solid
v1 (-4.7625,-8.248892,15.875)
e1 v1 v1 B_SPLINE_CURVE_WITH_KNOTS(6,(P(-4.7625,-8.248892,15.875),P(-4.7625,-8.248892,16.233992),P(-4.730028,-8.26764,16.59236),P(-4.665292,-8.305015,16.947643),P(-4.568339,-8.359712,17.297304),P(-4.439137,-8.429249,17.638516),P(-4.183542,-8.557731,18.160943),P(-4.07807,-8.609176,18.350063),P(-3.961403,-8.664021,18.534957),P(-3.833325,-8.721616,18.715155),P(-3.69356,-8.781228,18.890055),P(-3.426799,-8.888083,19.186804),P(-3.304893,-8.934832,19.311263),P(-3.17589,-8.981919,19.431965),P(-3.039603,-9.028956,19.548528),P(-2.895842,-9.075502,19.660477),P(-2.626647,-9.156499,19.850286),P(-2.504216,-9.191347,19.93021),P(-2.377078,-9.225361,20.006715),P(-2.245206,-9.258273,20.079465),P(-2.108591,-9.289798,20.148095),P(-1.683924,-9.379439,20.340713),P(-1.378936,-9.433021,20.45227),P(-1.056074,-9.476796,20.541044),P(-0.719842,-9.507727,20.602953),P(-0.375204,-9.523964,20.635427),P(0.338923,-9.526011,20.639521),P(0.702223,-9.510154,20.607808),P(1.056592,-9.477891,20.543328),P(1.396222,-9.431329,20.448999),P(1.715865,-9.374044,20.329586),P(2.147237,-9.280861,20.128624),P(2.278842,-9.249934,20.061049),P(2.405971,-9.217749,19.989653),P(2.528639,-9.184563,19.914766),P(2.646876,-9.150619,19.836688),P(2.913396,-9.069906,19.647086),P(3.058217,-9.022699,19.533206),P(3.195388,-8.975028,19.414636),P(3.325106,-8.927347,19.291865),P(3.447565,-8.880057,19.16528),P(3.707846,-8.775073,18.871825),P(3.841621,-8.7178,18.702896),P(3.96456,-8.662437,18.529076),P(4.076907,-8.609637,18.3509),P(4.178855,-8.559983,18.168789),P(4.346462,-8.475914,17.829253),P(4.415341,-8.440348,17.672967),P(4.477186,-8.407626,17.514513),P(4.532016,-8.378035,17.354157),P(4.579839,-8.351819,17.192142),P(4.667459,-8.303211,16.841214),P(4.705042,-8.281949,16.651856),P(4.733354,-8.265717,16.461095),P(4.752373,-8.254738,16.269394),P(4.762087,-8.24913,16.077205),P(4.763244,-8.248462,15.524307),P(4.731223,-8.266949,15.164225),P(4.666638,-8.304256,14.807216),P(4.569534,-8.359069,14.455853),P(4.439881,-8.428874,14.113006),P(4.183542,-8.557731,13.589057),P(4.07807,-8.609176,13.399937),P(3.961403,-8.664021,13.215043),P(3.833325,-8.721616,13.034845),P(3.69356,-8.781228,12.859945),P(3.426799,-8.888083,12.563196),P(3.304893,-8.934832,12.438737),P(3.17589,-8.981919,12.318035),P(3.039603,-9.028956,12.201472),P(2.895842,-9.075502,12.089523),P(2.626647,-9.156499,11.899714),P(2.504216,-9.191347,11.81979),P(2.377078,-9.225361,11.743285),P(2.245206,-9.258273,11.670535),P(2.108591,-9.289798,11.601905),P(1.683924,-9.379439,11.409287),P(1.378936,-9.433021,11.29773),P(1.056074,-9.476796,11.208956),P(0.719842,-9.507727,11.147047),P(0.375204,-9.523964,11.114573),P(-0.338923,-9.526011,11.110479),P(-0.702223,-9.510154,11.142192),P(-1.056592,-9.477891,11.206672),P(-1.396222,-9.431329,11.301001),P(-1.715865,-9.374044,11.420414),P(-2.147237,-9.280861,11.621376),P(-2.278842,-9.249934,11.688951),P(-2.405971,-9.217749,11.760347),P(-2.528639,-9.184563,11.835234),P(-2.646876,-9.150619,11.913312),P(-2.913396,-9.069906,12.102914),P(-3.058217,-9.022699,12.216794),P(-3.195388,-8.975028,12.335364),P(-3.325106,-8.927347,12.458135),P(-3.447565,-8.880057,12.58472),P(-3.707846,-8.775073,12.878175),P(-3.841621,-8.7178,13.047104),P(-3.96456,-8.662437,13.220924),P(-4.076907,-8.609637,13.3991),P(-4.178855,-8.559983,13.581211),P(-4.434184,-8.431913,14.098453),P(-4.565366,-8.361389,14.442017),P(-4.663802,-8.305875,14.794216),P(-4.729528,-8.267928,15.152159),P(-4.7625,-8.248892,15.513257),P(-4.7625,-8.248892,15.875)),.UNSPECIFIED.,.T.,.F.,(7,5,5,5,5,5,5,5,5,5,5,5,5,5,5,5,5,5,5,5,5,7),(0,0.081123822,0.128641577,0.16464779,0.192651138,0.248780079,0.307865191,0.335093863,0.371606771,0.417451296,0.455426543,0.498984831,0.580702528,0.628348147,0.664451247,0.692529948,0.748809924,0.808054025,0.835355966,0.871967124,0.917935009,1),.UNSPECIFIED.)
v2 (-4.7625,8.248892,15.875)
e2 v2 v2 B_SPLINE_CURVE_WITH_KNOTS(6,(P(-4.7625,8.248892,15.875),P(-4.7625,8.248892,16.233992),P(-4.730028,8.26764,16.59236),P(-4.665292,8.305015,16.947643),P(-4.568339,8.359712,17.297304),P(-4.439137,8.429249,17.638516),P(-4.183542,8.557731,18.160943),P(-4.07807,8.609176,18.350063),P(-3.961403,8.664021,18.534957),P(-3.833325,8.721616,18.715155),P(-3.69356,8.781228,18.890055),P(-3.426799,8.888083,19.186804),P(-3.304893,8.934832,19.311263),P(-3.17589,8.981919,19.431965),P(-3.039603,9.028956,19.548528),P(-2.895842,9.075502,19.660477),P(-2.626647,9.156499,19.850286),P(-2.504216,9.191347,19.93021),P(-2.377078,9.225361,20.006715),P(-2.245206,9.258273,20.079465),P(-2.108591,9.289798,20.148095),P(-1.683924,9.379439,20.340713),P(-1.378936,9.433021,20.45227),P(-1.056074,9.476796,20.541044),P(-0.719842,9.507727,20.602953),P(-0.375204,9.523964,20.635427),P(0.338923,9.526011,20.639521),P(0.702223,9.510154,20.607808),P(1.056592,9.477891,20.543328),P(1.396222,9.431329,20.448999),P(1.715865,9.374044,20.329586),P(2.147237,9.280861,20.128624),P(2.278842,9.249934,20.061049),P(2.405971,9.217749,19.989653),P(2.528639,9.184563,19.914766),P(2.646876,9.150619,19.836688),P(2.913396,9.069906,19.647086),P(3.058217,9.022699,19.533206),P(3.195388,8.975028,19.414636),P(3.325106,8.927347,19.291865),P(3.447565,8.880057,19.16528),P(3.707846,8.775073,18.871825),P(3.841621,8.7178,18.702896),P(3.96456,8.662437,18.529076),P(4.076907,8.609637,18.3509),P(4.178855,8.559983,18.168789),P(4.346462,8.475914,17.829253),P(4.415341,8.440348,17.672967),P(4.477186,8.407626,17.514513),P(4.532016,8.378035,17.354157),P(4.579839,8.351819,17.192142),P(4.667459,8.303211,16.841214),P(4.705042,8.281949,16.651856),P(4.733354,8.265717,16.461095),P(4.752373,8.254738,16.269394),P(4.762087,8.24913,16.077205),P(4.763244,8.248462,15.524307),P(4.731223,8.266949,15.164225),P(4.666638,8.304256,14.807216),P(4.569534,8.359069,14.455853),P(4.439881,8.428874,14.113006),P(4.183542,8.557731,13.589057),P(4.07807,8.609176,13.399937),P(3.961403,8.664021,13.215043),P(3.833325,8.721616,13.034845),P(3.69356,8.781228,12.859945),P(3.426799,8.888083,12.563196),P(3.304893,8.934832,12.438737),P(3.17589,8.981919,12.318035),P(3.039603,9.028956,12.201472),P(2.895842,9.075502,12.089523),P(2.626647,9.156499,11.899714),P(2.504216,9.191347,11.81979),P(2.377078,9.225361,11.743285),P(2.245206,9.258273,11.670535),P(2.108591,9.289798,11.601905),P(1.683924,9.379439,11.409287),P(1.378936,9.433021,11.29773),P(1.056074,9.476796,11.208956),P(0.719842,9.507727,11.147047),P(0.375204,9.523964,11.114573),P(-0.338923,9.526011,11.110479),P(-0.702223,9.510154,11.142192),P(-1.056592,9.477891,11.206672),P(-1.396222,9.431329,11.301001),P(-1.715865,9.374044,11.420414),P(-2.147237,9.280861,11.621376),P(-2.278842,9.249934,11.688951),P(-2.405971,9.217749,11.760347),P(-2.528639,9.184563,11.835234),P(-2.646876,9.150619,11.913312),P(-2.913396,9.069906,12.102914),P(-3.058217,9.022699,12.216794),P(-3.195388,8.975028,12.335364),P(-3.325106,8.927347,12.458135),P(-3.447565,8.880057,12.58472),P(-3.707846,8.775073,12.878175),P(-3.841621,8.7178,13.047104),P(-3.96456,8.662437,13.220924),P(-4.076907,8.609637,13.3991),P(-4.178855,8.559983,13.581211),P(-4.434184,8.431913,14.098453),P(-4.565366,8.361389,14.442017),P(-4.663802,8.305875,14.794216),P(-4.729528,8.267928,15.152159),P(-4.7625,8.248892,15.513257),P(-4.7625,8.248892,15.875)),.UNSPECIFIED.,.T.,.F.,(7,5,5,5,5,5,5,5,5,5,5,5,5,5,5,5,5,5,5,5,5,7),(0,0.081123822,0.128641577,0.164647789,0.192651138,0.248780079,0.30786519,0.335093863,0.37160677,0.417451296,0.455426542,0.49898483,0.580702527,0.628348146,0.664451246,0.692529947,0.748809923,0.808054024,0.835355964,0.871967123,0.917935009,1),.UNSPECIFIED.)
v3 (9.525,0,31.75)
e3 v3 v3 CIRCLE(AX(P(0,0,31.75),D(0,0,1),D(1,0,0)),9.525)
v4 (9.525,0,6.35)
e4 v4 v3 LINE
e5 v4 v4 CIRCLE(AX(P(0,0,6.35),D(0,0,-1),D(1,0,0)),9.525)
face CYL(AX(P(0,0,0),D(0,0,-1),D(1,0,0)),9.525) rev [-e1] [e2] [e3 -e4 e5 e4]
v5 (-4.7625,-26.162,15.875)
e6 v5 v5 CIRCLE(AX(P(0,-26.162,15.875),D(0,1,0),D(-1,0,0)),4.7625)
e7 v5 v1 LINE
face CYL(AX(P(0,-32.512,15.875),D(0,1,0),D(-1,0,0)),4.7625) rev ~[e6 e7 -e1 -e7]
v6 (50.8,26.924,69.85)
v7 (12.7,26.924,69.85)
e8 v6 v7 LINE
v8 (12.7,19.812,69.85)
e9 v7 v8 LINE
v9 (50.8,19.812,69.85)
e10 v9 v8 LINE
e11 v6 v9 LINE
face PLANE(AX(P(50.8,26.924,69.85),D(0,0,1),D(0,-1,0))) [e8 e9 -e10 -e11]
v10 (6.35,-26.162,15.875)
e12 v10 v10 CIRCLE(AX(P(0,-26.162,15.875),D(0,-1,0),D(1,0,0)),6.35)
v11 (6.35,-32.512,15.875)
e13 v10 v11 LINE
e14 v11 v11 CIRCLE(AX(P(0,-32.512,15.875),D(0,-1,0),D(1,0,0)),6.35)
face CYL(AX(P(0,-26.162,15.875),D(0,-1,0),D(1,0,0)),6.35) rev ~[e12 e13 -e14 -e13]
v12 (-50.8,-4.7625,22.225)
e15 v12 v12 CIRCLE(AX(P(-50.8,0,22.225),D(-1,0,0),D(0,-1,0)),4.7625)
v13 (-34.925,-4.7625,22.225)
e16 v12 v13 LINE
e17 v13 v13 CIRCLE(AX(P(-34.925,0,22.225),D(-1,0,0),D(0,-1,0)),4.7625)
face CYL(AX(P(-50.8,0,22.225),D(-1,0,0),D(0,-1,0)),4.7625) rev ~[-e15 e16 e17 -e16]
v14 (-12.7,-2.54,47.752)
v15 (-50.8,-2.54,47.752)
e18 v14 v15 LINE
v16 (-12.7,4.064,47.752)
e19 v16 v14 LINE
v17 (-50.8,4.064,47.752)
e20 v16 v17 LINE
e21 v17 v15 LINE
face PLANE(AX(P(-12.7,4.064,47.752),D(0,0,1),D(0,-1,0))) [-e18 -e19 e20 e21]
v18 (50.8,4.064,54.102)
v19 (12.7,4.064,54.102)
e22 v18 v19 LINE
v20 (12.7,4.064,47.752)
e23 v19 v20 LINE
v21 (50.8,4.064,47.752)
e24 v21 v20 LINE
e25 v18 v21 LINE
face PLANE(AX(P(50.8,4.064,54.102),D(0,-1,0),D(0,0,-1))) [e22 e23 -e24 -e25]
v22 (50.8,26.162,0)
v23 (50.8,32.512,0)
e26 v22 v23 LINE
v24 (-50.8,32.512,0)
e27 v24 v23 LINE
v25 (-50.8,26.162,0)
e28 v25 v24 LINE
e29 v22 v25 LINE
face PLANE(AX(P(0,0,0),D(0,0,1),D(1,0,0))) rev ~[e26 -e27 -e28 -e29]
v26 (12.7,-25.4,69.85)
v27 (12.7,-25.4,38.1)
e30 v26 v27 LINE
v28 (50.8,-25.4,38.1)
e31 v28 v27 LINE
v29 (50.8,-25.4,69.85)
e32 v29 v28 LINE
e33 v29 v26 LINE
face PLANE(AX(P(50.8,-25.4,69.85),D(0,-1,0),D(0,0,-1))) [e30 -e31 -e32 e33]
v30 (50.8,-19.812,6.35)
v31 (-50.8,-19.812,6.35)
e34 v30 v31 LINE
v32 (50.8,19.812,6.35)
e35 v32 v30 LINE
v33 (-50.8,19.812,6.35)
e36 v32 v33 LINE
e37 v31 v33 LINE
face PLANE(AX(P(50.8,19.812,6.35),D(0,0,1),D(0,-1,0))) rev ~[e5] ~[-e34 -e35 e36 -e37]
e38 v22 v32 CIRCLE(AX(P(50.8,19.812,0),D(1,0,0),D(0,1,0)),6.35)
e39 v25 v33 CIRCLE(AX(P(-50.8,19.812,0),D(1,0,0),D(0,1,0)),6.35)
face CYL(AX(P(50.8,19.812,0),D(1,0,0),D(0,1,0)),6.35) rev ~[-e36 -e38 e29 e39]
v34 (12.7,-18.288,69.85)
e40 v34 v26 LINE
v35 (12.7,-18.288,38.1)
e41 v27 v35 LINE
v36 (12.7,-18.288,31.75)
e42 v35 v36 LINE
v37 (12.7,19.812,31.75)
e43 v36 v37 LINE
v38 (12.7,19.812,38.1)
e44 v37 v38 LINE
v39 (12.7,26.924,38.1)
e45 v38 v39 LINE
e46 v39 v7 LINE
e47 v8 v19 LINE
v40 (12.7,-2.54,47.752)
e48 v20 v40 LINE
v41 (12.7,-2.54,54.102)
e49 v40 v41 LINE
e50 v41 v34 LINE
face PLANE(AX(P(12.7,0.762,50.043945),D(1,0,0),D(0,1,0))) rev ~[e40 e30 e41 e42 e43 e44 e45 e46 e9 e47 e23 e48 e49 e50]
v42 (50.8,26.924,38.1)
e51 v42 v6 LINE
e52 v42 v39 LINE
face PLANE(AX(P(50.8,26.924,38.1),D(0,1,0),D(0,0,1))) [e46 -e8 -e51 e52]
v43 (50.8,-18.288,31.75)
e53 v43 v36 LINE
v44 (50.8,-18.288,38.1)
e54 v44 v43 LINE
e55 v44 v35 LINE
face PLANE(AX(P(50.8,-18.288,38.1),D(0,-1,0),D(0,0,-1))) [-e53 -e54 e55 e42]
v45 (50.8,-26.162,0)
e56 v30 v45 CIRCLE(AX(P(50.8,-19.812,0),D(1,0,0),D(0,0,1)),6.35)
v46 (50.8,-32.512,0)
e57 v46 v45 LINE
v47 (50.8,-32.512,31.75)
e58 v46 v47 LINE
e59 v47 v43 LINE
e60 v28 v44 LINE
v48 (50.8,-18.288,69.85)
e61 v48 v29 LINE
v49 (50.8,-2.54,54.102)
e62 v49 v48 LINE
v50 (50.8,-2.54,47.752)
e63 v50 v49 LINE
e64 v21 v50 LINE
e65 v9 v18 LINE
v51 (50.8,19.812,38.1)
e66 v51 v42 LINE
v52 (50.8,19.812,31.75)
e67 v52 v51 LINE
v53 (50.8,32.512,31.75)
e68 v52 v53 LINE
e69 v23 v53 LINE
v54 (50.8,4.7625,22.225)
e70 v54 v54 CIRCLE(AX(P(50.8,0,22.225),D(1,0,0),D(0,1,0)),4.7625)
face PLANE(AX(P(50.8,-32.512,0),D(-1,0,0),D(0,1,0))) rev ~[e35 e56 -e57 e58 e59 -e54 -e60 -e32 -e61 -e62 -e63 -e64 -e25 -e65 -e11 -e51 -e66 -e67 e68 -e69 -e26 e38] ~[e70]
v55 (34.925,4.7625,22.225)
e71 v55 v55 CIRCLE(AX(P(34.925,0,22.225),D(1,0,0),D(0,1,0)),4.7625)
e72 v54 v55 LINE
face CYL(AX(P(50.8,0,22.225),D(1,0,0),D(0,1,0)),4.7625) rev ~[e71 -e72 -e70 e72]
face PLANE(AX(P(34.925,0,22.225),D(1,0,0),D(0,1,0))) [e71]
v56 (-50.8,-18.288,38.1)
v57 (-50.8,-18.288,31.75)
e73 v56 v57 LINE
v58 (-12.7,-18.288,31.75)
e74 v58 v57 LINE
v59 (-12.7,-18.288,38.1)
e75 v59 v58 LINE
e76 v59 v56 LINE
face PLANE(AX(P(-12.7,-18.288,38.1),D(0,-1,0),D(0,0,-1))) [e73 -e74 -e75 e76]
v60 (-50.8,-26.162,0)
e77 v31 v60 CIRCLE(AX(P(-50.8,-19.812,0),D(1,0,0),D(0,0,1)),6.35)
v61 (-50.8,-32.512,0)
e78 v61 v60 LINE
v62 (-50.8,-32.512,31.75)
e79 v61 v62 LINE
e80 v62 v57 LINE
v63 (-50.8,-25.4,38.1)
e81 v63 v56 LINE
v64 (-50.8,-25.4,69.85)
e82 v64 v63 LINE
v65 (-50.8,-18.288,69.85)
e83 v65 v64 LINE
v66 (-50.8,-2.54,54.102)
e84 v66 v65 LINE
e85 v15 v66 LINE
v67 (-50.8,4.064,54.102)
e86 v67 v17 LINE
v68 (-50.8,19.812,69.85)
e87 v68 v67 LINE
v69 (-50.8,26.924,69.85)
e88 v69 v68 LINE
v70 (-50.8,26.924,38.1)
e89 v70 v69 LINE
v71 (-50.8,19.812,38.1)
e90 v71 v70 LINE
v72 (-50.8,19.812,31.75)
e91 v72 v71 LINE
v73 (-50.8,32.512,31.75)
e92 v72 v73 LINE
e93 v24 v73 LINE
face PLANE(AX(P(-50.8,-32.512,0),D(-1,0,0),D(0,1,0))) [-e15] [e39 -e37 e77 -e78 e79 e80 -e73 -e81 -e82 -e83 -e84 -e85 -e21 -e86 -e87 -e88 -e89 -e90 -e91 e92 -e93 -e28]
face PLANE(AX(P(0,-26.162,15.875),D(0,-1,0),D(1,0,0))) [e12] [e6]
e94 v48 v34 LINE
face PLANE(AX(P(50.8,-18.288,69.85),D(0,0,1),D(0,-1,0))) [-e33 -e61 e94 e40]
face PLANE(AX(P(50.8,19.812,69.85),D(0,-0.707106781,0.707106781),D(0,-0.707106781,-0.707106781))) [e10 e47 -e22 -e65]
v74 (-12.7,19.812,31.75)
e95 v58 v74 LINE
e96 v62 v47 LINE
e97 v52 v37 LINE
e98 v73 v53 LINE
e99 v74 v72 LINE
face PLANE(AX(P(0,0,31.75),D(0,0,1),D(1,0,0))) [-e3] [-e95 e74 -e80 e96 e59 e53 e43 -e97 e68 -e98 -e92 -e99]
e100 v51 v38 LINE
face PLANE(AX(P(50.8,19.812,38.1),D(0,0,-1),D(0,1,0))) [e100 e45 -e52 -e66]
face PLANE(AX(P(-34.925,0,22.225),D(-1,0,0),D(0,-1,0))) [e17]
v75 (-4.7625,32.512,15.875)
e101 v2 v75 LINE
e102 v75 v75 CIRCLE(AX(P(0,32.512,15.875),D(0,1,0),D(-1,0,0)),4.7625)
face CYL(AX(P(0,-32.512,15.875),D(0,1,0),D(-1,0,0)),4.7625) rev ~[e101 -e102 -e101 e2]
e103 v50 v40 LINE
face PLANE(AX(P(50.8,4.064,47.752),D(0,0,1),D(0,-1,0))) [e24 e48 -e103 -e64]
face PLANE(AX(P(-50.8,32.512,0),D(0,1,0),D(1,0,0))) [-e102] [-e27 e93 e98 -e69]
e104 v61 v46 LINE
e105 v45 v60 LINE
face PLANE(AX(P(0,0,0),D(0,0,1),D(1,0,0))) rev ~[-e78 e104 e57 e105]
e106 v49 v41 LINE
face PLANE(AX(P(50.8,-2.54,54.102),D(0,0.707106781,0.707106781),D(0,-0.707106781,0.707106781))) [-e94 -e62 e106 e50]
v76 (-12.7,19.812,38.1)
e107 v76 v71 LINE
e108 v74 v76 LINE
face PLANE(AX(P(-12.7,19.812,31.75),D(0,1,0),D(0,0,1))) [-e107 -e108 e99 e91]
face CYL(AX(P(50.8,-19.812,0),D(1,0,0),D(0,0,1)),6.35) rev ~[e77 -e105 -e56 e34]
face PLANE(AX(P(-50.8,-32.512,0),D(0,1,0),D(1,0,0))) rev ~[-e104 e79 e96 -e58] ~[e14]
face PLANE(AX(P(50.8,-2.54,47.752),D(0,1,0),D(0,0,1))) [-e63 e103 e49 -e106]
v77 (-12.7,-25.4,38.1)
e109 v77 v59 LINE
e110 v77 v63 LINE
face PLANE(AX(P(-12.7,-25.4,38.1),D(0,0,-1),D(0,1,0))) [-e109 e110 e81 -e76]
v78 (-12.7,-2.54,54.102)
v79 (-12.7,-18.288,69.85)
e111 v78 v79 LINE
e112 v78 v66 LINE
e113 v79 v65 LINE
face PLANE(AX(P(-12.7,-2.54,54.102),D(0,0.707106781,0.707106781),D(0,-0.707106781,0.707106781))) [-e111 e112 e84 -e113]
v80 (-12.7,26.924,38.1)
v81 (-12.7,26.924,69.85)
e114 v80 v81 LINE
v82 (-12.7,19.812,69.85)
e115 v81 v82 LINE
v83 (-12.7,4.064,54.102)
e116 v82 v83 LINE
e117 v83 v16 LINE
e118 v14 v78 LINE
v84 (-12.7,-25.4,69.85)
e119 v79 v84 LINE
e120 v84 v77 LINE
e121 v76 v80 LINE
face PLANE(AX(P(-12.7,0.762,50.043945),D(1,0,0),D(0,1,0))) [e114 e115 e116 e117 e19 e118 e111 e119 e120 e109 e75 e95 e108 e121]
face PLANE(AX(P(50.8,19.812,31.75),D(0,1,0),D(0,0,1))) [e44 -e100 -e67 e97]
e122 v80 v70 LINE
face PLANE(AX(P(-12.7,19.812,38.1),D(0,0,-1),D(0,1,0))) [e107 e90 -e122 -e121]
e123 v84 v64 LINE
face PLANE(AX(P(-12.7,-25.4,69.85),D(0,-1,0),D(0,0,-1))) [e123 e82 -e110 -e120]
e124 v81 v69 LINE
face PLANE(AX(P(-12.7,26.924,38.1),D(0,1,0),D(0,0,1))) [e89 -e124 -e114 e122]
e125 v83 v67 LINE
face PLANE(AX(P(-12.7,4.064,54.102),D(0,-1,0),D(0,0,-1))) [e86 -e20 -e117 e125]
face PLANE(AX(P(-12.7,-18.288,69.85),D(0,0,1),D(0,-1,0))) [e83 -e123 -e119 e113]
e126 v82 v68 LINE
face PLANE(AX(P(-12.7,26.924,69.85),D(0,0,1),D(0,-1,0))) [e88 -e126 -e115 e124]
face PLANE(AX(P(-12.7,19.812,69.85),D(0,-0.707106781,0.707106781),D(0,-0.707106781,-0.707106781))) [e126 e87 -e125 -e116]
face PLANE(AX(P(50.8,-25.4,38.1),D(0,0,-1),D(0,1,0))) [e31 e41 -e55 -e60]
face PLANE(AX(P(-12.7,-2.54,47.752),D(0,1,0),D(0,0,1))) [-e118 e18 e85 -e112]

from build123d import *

# Parameters (mm, degrees)
F0_W            = 101.6
F0_H            = 65.024
F0_R            = 9.525
F1_DEPTH        = 31.75
F3_DEPTH        = 101.601
F5_START        = -63.5
F5_DEPTH        = 38.1
F6_DEPTH        = 38.1
F7_R            = 4.7625
F8_DEPTH        = 15.875
F9_R            = 4.7625
F10_DEPTH       = 15.875
F12_D           = 9.525
F12_CBORE_D     = 12.7
F12_CBORE_DEPTH = 6.35


with BuildPart() as f1:
    # F0 (on Top) → F1 (new body)
    with BuildSketch(Plane.XY):
        Rectangle(F0_W, F0_H)
        Circle(F0_R, mode=Mode.SUBTRACT)
    extrude(amount=F1_DEPTH)

    # F2 (on face) → F3 (cut, through all)
    with BuildSketch(Plane.YZ.offset(50.8)):
        with BuildLine():
            Line((19.812, 6.35), (-19.812, 6.35))
            ThreePointArc((-19.812, 6.35), (-24.3021280605, 4.4901280605), (-26.162, 0))
            Line((-26.162, 0), (26.162, 0))
            ThreePointArc((26.162, 0), (24.3021280605, 4.4901280605), (19.812, 6.35))
        make_face()
    extrude(amount=-F3_DEPTH, mode=Mode.SUBTRACT)

    # F4 (on face) → F5 (join)
    with BuildSketch(Plane.YZ.offset(50.8).offset(F5_START)):
        Polygon((-18.288, 38.1), (-18.288, 31.75), (19.812, 31.75), (19.812, 38.1), (26.924, 38.1), (26.924, 69.85), (19.812, 69.85), (4.064, 54.102), (4.064, 47.752), (-2.54, 47.752), (-2.54, 54.102), (-18.288, 69.85), (-25.4, 69.85), (-25.4, 38.1), align=None)
    extrude(amount=-F5_DEPTH)

    # F4 (on face) → F6 (join)
    with BuildSketch(Plane.YZ.offset(50.8)):
        Polygon((-18.288, 38.1), (-18.288, 31.75), (19.812, 31.75), (19.812, 38.1), (26.924, 38.1), (26.924, 69.85), (19.812, 69.85), (4.064, 54.102), (4.064, 47.752), (-2.54, 47.752), (-2.54, 54.102), (-18.288, 69.85), (-25.4, 69.85), (-25.4, 38.1), align=None)
    extrude(amount=-F6_DEPTH)

    # F7 (on face) → F8 (cut)
    with BuildSketch(Plane.YZ.offset(50.8)):
        with Locations((0, 22.225)):
            Circle(F7_R)
    extrude(amount=-F8_DEPTH, mode=Mode.SUBTRACT)

    # F9 (on face) → F10 (cut)
    with BuildSketch(Plane(origin=(-50.8, 0, 0), x_dir=(0, -1, 0), z_dir=(-1, 0, 0))):
        with Locations((0, 22.225)):
            Circle(F9_R)
    extrude(amount=-F10_DEPTH, mode=Mode.SUBTRACT)

    # F12 (through all)
    with Locations(Plane.XZ.offset(32.512)):
        with Locations((0, 15.875)):
            CounterBoreHole(F12_D / 2, F12_CBORE_D / 2, F12_CBORE_DEPTH)


solid = f1.part
